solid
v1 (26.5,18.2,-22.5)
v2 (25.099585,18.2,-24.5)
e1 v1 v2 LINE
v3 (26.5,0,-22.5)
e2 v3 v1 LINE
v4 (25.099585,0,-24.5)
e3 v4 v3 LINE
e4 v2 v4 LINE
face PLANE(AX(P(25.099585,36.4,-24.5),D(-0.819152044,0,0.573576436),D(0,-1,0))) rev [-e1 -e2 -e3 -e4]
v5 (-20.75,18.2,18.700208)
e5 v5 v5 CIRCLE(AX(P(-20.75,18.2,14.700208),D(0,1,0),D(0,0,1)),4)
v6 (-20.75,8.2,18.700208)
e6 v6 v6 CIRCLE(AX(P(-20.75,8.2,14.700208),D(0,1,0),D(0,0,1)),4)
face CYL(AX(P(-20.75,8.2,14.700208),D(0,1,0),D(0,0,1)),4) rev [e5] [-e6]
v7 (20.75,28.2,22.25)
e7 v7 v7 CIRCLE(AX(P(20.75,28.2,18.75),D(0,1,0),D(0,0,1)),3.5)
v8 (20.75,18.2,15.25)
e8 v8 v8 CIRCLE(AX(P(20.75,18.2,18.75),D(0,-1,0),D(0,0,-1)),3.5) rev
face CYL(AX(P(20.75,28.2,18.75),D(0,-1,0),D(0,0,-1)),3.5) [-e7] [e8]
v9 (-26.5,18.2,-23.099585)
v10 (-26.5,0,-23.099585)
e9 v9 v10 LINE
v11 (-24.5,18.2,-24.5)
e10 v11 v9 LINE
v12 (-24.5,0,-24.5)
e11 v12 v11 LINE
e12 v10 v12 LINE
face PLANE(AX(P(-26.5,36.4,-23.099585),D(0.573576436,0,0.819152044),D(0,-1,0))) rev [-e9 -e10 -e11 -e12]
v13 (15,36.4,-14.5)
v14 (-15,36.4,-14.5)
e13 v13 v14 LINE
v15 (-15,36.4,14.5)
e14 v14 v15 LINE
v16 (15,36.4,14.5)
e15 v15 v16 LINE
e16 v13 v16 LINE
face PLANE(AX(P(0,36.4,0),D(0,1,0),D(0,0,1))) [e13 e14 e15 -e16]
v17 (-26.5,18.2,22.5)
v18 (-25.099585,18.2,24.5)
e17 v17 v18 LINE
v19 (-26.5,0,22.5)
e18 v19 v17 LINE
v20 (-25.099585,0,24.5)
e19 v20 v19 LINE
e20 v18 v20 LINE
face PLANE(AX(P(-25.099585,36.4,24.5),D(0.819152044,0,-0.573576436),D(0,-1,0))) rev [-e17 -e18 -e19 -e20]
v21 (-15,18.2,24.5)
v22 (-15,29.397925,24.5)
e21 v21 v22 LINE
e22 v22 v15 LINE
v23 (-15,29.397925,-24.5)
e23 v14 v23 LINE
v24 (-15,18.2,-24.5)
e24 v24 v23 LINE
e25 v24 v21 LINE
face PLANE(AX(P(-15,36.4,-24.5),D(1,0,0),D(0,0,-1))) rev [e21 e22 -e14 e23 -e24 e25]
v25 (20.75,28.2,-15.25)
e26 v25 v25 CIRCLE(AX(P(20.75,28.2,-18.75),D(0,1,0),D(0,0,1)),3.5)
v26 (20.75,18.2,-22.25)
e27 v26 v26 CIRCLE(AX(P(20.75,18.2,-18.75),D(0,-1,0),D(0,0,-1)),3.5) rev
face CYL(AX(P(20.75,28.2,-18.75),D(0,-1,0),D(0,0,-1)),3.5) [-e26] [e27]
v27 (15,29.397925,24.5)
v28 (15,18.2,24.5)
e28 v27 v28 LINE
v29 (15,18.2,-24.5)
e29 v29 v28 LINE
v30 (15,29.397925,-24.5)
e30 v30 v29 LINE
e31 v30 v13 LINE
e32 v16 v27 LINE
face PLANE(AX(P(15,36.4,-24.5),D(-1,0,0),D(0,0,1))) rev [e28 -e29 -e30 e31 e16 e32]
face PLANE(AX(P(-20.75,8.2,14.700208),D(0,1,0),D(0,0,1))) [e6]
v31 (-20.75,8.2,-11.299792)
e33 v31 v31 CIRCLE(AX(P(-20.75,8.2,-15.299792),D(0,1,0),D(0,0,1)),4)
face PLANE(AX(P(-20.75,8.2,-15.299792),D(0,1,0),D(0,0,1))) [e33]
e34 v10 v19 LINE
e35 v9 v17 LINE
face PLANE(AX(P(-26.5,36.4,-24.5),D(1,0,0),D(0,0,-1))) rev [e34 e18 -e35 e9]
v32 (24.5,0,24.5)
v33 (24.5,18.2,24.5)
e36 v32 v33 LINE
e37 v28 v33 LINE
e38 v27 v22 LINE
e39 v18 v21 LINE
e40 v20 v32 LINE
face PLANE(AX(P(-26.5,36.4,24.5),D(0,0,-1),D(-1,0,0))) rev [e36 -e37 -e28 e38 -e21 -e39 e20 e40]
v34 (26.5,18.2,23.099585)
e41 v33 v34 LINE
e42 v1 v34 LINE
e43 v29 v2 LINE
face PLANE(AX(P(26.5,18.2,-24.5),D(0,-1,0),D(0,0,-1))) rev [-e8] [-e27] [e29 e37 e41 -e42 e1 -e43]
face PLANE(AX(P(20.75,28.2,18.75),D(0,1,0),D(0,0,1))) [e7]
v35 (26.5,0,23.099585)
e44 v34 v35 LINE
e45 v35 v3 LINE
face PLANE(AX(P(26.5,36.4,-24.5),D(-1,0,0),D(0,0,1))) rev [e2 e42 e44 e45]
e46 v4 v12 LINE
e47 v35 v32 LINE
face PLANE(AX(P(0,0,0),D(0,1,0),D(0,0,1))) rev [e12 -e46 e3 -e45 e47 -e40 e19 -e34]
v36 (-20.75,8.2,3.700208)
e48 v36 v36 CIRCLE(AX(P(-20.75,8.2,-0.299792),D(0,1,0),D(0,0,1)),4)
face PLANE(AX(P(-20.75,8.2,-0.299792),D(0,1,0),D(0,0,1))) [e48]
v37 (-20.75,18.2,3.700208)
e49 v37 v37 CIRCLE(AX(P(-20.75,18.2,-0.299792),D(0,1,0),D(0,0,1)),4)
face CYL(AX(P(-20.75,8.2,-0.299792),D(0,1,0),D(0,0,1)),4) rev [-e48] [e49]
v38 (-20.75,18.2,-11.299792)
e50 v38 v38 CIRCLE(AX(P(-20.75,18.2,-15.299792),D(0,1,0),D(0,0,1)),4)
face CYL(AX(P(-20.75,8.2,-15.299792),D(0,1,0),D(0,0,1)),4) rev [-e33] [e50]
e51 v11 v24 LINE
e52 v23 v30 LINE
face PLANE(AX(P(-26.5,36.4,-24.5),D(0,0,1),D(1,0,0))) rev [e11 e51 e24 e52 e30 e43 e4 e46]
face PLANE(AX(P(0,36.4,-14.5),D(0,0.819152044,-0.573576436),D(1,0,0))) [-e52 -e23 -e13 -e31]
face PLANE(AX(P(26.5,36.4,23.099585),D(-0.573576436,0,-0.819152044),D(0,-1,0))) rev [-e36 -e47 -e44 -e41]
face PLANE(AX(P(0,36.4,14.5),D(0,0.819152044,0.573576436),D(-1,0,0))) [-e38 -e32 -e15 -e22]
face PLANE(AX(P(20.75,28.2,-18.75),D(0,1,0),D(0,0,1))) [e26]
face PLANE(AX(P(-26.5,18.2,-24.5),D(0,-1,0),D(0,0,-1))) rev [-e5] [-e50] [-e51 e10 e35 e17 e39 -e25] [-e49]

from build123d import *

# Parameters (mm, degrees)
SKETCH2_W             = 53
SKETCH2_H             = 49
BOSS_EXTRUDE1_DEPTH   = 36.4
SKETCH3_W             = 11.5
SKETCH3_H             = 18.2
CUT_EXTRUDE1_DEPTH    = 50
CHAMFER1_SIZE         = 10
CHAMFER1_SIZE2        = 7.002075382
CHAMFER2_SIZE         = 2
CHAMFER2_SIZE2        = 1.400415076
CHAMFER2_PART_2_SIZE  = 2
CHAMFER2_PART_2_SIZE2 = 1.400415076
CHAMFER2_PART_3_SIZE  = 2
CHAMFER2_PART_3_SIZE2 = 1.400415076
CHAMFER2_PART_4_SIZE  = 2
CHAMFER2_PART_4_SIZE2 = 1.400415076
SKETCH4_R             = 3.5
BOSS_EXTRUDE2_DEPTH   = 10
SKETCH5_R             = 4
CUT_EXTRUDE2_DEPTH    = 10


with BuildPart() as part:
    # Sketch2 → Boss-Extrude1 (new body)
    with BuildSketch(Plane(origin=(0, 0, 0), x_dir=(1, 0, 0), z_dir=(0, 1, 0))):
        Rectangle(SKETCH2_W, SKETCH2_H)
    extrude(amount=BOSS_EXTRUDE1_DEPTH)

    # Sketch3 → Cut-Extrude1 (cut, through all)
    with BuildSketch(Plane.XY.offset(24.5)):
        with Locations((-20.75, 27.3)):
            Rectangle(SKETCH3_W, SKETCH3_H)
        with Locations((20.75, 27.3)):
            Rectangle(SKETCH3_W, SKETCH3_H)
    extrude(amount=-CUT_EXTRUDE1_DEPTH, mode=Mode.SUBTRACT)

    # Chamfer1
    chamfer1_edges = [part.edges().sort_by_distance(p)[0] for p in [
        (0, 36.4, 24.5),
        (0, 36.4, -24.5),
    ]]
    chamfer1_side = [part.faces().sort_by_distance(p)[0] for p in [
        (0, 36.4, 0),
    ]]
    chamfer(chamfer1_edges, length=CHAMFER1_SIZE, length2=CHAMFER1_SIZE2, reference=chamfer1_side[0])

    # Chamfer2
    chamfer2_edges = [part.edges().sort_by_distance(p)[0] for p in [
        (-26.5, 9.1, -24.5),
    ]]
    chamfer2_side = [part.faces().sort_by_distance(p)[0] for p in [
        (0, 12.896841884, -24.5),
    ]]
    chamfer(chamfer2_edges, length=CHAMFER2_SIZE, length2=CHAMFER2_SIZE2, reference=chamfer2_side[0])

    # Chamfer2 part 2
    chamfer2_part_2_edges = [part.edges().sort_by_distance(p)[0] for p in [
        (26.5, 9.1, -24.5),
    ]]
    chamfer2_part_2_side = [part.faces().sort_by_distance(p)[0] for p in [
        (26.5, 9.1, 0),
    ]]
    chamfer(chamfer2_part_2_edges, length=CHAMFER2_PART_2_SIZE, length2=CHAMFER2_PART_2_SIZE2, reference=chamfer2_part_2_side[0])

    # Chamfer2 part 3
    chamfer2_part_3_edges = [part.edges().sort_by_distance(p)[0] for p in [
        (26.5, 9.1, 24.5),
    ]]
    chamfer2_part_3_side = [part.faces().sort_by_distance(p)[0] for p in [
        (0, 12.896841884, 24.5),
    ]]
    chamfer(chamfer2_part_3_edges, length=CHAMFER2_PART_3_SIZE, length2=CHAMFER2_PART_3_SIZE2, reference=chamfer2_part_3_side[0])

    # Chamfer2 part 4
    chamfer2_part_4_edges = [part.edges().sort_by_distance(p)[0] for p in [
        (-26.5, 9.1, 24.5),
    ]]
    chamfer2_part_4_side = [part.faces().sort_by_distance(p)[0] for p in [
        (-26.5, 9.1, 0),
    ]]
    chamfer(chamfer2_part_4_edges, length=CHAMFER2_PART_4_SIZE, length2=CHAMFER2_PART_4_SIZE2, reference=chamfer2_part_4_side[0])

    # Sketch4 → Boss-Extrude2 (add)
    with BuildSketch(Plane(origin=(0, 18.2, 0), x_dir=(1, 0, 0), z_dir=(0, 1, 0))):
        with Locations((20.75, -18.75)):
            Circle(SKETCH4_R)
        with Locations((20.75, 18.75)):
            Circle(SKETCH4_R)
    extrude(amount=BOSS_EXTRUDE2_DEPTH)

    # Sketch5 → Cut-Extrude2 (cut)
    with BuildSketch(Plane(origin=(0, 18.2, 0), x_dir=(1, 0, 0), z_dir=(0, 1, 0))):
        with Locations((-20.75, 15.299792462)):
            Circle(SKETCH5_R)
        with Locations((-20.75, -14.700207538)):
            Circle(SKETCH5_R)
        with Locations((-20.75, 0.299792462)):
            Circle(SKETCH5_R)
    extrude(amount=-CUT_EXTRUDE2_DEPTH, mode=Mode.SUBTRACT)


solid = part.part
